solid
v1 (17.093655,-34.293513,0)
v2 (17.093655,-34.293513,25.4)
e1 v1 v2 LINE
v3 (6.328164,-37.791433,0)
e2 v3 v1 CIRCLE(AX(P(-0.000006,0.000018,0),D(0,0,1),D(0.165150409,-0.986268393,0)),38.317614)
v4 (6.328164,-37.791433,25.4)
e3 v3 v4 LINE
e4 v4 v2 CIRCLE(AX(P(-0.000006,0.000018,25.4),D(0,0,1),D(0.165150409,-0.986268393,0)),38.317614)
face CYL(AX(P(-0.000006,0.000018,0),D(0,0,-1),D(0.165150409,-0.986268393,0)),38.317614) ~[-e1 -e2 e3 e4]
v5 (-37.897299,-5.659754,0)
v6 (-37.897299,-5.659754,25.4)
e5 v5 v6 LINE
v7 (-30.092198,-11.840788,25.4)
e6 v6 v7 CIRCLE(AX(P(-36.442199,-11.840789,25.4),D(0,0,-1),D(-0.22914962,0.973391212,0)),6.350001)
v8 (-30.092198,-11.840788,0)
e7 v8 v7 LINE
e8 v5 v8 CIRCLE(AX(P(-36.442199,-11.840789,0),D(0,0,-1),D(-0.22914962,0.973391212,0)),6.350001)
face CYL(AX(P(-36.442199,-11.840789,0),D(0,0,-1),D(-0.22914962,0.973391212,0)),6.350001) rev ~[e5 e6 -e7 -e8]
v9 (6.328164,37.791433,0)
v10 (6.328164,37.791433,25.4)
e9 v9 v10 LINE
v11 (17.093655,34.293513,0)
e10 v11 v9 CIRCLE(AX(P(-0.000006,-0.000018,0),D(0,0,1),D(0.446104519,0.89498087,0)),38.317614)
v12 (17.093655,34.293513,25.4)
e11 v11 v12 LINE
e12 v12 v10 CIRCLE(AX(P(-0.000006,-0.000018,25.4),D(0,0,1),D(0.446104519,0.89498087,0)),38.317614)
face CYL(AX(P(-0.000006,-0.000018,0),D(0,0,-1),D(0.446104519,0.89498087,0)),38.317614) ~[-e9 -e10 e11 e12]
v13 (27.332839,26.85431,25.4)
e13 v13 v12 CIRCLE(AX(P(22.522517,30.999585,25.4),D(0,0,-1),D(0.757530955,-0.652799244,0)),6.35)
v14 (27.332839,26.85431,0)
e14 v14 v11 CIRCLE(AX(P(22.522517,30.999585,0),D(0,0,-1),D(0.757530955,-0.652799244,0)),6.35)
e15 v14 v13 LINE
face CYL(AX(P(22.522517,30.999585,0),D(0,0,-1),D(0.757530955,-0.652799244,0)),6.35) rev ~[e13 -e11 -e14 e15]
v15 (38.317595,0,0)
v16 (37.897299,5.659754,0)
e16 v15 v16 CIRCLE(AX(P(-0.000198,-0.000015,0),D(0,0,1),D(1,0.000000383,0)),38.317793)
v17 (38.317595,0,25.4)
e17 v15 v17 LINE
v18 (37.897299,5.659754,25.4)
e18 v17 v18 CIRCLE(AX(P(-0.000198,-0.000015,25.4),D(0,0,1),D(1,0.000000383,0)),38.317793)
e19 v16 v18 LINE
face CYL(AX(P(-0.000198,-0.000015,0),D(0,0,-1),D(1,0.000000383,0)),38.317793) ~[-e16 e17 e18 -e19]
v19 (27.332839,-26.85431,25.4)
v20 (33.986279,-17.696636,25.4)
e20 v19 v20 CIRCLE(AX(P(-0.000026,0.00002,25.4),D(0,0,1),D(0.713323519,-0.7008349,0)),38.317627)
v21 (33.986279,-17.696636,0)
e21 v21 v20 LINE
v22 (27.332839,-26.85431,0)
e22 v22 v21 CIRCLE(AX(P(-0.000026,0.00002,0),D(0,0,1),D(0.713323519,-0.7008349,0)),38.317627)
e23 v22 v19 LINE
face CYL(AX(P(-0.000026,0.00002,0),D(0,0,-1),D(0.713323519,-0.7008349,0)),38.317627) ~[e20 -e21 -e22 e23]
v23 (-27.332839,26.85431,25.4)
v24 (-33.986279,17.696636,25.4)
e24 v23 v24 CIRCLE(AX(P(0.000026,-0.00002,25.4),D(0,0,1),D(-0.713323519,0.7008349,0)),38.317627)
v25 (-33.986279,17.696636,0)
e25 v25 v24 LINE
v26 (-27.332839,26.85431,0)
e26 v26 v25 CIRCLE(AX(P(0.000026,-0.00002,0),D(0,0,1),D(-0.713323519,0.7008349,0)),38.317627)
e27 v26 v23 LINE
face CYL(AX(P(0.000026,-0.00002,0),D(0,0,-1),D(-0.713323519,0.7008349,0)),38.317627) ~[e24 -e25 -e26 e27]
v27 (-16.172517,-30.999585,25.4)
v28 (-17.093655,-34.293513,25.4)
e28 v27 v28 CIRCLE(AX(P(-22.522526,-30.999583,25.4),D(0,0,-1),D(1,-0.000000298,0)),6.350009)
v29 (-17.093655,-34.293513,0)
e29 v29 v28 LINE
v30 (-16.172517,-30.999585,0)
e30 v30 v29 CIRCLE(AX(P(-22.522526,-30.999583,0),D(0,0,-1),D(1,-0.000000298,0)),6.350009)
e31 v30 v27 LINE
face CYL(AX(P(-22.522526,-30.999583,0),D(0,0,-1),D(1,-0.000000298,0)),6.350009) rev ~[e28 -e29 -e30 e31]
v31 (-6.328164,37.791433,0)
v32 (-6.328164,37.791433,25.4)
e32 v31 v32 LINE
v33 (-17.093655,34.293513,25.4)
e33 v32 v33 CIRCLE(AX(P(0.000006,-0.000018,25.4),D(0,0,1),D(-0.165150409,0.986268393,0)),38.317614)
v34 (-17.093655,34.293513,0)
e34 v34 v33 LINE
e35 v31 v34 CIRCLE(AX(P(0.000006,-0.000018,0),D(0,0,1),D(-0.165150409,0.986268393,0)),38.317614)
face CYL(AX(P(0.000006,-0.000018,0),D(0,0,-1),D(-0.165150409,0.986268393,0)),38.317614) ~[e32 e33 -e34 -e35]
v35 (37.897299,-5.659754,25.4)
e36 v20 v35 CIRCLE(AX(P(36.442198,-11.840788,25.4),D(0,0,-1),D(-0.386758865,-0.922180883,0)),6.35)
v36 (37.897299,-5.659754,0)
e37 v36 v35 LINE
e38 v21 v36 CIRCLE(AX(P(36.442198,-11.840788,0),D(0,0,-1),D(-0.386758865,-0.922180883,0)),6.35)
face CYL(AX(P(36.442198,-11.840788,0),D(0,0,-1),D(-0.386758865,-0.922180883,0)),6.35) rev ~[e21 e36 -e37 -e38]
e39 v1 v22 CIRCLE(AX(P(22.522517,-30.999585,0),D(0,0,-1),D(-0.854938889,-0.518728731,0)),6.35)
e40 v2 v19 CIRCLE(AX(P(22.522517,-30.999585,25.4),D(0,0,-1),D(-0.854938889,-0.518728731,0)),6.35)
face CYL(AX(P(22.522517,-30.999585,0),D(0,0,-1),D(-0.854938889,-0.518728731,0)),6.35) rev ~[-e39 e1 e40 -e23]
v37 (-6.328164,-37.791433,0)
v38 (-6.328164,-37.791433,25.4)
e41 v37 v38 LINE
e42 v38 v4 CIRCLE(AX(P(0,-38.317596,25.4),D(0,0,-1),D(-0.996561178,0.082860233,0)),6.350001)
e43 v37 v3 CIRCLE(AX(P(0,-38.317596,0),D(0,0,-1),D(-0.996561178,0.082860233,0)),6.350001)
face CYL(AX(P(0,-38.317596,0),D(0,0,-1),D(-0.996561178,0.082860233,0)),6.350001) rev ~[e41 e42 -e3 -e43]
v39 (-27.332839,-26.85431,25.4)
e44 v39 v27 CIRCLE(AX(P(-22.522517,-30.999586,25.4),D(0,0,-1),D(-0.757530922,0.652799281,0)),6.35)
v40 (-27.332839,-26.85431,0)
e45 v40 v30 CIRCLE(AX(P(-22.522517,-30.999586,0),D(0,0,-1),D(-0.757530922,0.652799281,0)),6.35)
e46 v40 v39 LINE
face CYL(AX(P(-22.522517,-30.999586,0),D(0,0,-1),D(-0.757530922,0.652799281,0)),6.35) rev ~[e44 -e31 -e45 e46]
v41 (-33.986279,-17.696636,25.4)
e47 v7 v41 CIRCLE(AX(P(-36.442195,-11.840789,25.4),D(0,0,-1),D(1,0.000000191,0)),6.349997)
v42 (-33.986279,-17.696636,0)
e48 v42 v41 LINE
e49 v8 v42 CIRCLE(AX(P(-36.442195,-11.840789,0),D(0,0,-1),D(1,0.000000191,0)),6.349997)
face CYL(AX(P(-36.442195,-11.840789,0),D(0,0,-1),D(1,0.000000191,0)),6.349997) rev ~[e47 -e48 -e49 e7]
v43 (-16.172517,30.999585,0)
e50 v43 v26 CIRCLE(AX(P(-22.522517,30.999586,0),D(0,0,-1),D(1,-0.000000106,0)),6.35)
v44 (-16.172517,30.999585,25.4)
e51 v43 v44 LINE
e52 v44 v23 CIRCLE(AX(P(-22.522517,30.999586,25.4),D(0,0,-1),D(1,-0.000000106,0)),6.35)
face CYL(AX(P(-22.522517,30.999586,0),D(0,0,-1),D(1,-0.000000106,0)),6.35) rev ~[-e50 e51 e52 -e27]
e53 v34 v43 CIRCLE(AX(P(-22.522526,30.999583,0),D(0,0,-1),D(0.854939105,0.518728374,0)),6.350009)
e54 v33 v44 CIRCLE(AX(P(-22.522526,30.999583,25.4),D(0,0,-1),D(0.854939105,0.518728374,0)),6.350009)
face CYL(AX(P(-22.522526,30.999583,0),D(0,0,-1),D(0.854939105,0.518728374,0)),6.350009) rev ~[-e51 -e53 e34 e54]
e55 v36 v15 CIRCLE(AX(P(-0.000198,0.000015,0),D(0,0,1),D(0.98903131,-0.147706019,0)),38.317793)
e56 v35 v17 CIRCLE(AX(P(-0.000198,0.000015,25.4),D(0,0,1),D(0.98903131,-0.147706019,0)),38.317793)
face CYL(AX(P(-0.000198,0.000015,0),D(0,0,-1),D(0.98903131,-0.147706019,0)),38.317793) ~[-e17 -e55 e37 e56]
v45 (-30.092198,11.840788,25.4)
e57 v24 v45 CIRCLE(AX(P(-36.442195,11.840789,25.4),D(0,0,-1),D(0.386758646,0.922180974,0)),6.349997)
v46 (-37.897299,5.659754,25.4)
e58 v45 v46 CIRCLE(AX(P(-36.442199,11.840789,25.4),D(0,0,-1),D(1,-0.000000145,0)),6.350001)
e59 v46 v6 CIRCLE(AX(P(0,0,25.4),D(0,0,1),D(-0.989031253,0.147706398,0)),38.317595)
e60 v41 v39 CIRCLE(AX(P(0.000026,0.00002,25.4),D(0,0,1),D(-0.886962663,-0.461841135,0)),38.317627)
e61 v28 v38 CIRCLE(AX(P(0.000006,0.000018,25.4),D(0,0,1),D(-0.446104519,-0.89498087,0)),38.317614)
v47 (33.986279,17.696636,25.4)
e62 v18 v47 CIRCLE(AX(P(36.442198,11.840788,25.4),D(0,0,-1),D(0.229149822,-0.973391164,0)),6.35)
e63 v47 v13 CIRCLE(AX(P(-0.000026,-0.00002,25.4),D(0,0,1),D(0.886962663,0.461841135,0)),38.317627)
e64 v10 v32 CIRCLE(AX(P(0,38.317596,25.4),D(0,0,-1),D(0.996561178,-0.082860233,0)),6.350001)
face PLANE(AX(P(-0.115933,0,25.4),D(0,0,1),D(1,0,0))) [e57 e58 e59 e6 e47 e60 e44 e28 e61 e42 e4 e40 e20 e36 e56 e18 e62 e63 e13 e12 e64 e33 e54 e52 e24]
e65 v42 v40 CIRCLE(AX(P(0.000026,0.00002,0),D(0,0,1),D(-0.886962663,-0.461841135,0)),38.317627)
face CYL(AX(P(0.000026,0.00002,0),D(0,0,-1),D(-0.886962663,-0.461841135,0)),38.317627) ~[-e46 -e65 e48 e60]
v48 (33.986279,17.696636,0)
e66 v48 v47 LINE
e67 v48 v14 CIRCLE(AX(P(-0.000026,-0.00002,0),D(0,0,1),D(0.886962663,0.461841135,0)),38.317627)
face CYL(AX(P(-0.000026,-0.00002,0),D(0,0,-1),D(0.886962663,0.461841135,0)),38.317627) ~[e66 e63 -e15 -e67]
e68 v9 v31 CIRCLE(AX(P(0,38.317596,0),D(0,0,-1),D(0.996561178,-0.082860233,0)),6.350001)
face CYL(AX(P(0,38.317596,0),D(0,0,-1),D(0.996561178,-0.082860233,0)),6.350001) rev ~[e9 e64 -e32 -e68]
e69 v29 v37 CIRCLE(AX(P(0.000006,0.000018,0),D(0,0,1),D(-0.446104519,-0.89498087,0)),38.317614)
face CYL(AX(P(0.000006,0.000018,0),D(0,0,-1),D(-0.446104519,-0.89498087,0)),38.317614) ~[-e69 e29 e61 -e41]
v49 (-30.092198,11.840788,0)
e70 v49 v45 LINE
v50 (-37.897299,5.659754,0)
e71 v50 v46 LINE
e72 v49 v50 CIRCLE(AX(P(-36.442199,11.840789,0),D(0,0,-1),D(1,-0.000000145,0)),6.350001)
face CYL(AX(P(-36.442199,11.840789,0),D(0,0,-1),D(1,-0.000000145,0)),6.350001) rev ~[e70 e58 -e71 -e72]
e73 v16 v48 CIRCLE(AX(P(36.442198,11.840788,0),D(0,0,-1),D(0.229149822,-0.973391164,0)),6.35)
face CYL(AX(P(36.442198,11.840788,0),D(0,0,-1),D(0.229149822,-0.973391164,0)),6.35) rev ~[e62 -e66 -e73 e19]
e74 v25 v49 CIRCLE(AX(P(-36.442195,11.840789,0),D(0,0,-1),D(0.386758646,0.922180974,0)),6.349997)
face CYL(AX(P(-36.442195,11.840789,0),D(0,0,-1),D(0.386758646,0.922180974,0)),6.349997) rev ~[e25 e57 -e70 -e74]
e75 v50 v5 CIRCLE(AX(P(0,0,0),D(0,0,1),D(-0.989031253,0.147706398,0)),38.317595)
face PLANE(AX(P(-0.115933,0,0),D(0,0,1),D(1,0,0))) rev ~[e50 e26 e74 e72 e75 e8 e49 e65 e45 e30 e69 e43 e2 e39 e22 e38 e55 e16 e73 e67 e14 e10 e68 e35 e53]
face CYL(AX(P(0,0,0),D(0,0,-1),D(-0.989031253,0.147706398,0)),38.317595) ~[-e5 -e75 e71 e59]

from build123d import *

# Parameters (mm, degrees)
F1_DEPTH = 25.4


with BuildPart() as f1:
    # F0 (on Top) → F1 (new body)
    with BuildSketch(Plane.XY):
        with BuildLine():
            ThreePointArc((37.897299, -5.659754), (38.212376, -2.837669), (38.317595, 0))
            ThreePointArc((38.317595, 0), (38.212376, 2.837669), (37.897299, 5.659754))
            ThreePointArc((37.897299, 5.659754), (30.402989, 9.87853), (33.986279, 17.696636))
            ThreePointArc((33.986279, 17.696636), (30.999585, 22.522517), (27.332839, 26.85431))
            ThreePointArc((27.332839, 26.85431), (18.790081, 25.862327), (17.093655, 34.293513))
            ThreePointArc((17.093655, 34.293513), (11.840788, 36.442198), (6.328164, 37.791433))
            ThreePointArc((6.328164, 37.791433), (0, 31.967595), (-6.328164, 37.791433))
            ThreePointArc((-6.328164, 37.791433), (-11.840788, 36.442198), (-17.093655, 34.293513))
            ThreePointArc((-17.093655, 34.293513), (-16.407136, 32.709735), (-16.172517, 30.999585))
            ThreePointArc((-16.172517, 30.999585), (-20.311527, 25.046937), (-27.332839, 26.85431))
            ThreePointArc((-27.332839, 26.85431), (-30.999585, 22.522517), (-33.986279, 17.696636))
            ThreePointArc((-33.986279, 17.696636), (-31.15459, 15.356994), (-30.092198, 11.840788))
            ThreePointArc((-30.092198, 11.840788), (-32.499952, 6.862717), (-37.897299, 5.659754))
            ThreePointArc((-37.897299, 5.659754), (-38.317595, 0), (-37.897299, -5.659754))
            ThreePointArc((-37.897299, -5.659754), (-32.499952, -6.862717), (-30.092198, -11.840788))
            ThreePointArc((-30.092198, -11.840788), (-31.15459, -15.356994), (-33.986279, -17.696636))
            ThreePointArc((-33.986279, -17.696636), (-30.999585, -22.522517), (-27.332839, -26.85431))
            ThreePointArc((-27.332839, -26.85431), (-20.311527, -25.046937), (-16.172517, -30.999585))
            ThreePointArc((-16.172517, -30.999585), (-16.407136, -32.709735), (-17.093655, -34.293513))
            ThreePointArc((-17.093655, -34.293513), (-11.840788, -36.442198), (-6.328164, -37.791433))
            ThreePointArc((-6.328164, -37.791433), (0, -31.967595), (6.328164, -37.791433))
            ThreePointArc((6.328164, -37.791433), (11.840788, -36.442198), (17.093655, -34.293513))
            ThreePointArc((17.093655, -34.293513), (18.790081, -25.862327), (27.332839, -26.85431))
            ThreePointArc((27.332839, -26.85431), (30.999585, -22.522517), (33.986279, -17.696636))
            ThreePointArc((33.986279, -17.696636), (30.402989, -9.87853), (37.897299, -5.659754))
        make_face()
    extrude(amount=F1_DEPTH)


solid = f1.part
